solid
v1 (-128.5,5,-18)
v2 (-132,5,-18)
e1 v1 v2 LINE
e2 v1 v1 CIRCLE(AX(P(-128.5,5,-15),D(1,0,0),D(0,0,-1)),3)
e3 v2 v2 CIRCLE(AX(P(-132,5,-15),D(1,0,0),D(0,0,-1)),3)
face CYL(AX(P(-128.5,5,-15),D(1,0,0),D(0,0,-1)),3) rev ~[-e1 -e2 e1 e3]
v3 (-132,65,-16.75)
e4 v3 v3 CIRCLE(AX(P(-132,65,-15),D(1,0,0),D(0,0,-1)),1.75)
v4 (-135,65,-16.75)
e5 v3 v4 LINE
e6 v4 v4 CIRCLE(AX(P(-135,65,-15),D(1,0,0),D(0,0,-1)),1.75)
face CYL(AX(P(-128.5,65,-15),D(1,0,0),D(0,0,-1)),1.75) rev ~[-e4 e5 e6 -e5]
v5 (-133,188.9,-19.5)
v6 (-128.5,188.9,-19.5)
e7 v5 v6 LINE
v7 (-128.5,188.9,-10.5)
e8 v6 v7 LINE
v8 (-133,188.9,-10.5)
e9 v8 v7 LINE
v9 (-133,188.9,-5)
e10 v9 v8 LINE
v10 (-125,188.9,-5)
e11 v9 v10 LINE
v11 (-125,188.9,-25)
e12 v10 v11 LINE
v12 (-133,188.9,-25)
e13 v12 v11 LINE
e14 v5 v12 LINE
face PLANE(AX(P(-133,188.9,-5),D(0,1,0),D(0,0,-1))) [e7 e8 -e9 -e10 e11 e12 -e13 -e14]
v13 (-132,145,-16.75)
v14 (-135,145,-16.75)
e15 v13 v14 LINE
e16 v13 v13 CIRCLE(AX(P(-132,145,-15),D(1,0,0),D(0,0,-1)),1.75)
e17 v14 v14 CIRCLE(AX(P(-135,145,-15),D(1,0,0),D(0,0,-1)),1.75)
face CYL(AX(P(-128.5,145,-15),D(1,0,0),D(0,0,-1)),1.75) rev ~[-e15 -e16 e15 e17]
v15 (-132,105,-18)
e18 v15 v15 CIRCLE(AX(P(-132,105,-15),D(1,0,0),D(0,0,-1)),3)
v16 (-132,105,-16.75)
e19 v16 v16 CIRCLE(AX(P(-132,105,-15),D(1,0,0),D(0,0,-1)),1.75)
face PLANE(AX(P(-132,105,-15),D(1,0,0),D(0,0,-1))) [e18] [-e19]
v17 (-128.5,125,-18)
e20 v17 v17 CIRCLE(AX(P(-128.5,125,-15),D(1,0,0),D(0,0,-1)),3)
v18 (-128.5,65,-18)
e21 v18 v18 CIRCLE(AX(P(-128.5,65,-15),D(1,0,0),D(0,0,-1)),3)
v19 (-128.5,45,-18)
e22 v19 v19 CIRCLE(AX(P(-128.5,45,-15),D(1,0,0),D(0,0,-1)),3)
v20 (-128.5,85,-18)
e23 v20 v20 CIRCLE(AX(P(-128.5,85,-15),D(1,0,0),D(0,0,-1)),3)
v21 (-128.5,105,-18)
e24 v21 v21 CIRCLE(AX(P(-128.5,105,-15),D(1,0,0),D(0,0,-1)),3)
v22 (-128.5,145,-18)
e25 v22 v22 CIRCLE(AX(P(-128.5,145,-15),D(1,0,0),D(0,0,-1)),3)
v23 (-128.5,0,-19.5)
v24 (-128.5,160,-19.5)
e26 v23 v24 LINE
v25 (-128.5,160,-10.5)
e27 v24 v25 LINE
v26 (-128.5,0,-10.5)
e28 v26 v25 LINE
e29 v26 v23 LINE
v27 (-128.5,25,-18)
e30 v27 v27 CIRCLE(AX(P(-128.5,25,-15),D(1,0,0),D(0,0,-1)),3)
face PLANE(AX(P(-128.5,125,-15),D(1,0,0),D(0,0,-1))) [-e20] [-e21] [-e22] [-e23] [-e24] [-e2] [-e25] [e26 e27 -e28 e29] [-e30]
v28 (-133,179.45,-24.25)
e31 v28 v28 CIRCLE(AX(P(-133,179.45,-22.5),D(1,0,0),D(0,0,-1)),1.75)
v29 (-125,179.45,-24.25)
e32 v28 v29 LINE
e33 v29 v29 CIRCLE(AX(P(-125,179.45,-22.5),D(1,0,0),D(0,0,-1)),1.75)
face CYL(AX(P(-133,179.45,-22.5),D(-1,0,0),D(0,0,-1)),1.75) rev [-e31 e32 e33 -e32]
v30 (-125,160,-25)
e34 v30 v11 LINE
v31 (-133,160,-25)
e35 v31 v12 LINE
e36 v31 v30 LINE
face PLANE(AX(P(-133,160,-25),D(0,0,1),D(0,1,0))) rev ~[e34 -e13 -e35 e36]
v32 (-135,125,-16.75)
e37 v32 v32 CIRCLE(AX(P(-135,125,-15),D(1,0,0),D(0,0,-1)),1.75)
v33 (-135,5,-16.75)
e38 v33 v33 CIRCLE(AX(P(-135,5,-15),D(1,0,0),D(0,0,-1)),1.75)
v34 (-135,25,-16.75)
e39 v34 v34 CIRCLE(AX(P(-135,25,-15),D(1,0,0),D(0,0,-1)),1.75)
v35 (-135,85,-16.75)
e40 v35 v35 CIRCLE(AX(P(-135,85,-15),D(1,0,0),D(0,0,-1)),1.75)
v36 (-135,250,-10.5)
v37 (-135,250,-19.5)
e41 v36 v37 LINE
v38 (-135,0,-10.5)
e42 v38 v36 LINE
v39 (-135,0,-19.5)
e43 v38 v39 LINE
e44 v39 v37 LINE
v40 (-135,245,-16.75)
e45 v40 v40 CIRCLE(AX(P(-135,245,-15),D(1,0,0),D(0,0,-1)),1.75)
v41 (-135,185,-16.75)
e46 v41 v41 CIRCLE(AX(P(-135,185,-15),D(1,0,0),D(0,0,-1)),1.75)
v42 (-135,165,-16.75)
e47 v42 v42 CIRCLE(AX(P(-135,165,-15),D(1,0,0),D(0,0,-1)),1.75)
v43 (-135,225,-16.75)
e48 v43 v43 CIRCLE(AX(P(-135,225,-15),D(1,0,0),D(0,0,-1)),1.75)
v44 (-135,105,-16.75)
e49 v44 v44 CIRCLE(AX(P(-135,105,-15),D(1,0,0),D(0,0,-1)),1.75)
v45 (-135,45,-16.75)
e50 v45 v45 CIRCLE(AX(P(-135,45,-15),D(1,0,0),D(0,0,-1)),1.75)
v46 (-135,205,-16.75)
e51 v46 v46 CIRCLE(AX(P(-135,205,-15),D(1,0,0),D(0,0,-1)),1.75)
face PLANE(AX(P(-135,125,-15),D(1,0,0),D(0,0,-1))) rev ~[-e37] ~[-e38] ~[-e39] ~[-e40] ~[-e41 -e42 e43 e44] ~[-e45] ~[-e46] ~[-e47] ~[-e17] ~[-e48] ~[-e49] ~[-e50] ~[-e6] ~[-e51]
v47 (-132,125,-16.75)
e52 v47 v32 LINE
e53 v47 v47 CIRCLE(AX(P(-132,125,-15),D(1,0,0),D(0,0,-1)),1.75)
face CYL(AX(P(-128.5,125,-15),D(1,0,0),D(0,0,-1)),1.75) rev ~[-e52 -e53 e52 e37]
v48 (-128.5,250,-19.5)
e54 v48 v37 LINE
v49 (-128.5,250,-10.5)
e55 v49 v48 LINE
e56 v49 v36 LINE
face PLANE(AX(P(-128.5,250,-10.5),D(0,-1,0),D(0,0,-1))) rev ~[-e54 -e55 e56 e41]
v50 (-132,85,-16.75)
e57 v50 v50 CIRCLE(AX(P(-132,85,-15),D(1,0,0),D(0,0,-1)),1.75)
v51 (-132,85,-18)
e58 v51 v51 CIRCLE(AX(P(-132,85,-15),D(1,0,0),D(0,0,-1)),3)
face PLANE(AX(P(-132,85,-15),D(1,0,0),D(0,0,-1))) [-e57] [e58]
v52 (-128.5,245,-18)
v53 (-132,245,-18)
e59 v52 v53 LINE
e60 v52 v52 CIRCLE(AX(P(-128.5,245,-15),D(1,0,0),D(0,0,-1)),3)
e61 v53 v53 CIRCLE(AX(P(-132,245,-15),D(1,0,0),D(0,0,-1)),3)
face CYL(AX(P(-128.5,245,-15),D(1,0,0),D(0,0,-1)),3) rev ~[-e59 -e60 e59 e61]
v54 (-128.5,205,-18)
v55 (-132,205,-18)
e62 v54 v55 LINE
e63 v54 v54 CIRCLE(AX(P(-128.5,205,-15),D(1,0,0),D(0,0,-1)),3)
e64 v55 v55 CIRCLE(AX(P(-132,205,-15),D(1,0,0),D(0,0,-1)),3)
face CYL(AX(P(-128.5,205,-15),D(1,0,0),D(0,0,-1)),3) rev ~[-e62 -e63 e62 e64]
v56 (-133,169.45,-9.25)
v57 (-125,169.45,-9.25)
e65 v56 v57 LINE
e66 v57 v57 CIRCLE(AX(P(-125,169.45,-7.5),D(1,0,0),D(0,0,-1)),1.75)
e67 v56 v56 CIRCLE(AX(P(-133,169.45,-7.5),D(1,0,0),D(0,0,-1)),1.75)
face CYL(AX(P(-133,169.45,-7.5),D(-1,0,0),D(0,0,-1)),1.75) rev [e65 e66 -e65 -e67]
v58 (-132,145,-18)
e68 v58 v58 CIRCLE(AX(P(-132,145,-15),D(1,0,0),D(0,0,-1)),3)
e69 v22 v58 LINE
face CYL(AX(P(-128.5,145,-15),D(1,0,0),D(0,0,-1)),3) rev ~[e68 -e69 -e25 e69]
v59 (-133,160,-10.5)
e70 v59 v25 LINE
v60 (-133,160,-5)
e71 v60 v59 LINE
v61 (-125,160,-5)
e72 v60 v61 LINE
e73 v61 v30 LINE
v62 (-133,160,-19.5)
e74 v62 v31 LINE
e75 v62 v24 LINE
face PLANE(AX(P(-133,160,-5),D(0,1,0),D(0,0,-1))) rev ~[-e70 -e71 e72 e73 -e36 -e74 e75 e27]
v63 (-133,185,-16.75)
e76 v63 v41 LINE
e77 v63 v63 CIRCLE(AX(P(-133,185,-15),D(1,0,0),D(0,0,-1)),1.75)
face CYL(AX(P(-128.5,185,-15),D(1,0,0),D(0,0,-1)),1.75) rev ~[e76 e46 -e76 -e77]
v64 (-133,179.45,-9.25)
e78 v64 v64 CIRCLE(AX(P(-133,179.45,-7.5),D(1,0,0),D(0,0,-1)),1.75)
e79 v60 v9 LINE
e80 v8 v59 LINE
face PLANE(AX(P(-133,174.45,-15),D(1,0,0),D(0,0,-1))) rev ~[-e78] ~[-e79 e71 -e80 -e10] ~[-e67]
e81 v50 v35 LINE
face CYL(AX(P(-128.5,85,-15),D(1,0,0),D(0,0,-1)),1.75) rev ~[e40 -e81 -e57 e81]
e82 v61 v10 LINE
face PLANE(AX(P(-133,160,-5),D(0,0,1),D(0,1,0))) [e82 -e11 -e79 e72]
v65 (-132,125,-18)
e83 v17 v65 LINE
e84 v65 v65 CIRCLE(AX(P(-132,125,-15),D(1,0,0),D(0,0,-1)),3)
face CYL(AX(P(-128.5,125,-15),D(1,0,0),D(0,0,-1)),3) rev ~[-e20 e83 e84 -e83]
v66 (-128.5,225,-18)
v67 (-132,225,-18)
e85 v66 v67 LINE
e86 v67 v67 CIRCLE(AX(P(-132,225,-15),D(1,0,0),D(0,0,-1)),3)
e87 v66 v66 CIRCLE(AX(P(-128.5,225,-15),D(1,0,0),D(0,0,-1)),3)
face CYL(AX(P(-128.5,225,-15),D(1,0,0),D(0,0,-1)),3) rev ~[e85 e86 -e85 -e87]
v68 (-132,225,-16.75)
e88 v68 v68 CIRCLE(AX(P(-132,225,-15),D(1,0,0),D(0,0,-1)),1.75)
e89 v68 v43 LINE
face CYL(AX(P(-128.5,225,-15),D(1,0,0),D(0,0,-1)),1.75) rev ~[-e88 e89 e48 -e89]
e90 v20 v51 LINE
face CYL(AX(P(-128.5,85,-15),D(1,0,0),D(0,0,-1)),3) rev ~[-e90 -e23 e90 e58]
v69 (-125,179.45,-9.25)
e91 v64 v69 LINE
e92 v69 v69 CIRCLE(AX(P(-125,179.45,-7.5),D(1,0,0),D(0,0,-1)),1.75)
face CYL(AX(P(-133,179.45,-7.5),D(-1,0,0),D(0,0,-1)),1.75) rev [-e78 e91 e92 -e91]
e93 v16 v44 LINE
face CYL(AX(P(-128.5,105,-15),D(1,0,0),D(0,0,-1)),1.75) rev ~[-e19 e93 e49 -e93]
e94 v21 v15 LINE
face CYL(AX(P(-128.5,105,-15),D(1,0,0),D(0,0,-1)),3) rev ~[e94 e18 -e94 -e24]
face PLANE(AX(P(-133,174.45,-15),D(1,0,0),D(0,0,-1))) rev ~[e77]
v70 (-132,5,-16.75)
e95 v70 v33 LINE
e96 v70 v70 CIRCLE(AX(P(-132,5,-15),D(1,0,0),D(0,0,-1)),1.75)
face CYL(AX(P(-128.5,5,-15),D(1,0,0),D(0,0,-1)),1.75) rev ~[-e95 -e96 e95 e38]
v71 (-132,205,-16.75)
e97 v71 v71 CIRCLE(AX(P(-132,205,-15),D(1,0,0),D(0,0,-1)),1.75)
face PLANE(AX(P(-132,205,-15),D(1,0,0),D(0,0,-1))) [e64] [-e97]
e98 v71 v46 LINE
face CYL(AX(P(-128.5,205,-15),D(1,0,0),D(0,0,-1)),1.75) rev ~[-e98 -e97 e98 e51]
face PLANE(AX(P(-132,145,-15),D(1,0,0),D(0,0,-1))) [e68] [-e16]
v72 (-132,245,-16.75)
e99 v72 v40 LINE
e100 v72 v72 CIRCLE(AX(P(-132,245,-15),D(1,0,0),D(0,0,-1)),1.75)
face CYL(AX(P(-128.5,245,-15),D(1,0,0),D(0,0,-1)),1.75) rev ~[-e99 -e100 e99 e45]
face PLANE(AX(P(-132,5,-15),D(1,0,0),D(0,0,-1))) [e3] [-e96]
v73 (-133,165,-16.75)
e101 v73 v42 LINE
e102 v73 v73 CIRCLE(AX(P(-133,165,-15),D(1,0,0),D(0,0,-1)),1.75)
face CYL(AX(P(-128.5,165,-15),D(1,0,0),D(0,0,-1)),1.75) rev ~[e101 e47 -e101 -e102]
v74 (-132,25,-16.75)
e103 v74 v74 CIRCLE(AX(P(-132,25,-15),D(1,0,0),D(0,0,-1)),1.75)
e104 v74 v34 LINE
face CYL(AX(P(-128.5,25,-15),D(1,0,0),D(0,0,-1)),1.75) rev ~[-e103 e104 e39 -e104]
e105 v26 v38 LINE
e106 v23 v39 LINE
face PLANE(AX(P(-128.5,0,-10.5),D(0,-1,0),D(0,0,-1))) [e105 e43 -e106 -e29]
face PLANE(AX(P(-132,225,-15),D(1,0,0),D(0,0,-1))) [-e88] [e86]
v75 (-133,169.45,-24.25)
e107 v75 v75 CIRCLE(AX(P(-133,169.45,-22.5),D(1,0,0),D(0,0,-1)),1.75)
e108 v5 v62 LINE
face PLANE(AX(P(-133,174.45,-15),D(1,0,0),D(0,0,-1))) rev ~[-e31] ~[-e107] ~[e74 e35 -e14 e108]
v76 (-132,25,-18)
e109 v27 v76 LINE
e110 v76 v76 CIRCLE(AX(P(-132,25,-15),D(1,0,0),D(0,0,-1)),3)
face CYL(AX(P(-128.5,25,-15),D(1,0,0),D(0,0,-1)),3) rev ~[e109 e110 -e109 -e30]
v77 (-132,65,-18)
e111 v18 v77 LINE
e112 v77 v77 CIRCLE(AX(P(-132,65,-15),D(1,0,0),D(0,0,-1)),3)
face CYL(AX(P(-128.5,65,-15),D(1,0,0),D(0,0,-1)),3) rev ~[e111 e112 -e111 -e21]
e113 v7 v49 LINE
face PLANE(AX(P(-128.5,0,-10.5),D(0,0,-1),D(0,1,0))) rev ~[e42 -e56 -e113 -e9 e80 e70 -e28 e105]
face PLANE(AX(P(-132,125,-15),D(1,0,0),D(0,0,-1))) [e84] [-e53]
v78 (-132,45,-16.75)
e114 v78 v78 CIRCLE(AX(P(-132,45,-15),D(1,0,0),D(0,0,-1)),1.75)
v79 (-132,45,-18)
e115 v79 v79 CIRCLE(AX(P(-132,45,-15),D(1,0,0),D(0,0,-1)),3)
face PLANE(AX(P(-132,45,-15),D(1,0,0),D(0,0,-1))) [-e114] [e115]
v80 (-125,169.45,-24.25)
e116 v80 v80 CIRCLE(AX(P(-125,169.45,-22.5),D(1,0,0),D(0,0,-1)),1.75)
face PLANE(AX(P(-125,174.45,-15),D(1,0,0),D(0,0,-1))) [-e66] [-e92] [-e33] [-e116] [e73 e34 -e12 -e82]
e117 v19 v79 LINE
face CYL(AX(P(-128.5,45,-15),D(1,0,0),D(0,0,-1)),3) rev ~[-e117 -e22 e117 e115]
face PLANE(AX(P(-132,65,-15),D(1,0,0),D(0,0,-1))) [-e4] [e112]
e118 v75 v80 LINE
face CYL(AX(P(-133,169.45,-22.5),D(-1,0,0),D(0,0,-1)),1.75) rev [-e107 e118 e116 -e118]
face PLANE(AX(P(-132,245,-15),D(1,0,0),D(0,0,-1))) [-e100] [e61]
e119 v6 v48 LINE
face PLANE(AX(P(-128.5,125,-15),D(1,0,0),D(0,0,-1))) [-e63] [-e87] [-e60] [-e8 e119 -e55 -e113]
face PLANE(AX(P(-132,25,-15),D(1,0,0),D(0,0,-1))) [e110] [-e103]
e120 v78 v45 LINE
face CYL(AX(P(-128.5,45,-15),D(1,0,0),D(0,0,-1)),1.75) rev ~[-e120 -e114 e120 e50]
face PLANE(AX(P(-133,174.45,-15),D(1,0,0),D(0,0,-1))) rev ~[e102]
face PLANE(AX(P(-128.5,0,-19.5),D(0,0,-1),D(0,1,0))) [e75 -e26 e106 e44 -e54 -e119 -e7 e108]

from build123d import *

# Parameters (mm, degrees)
SKETCH030_W             = 9
SKETCH030_H             = 250
PAD016_DEPTH            = 6.5
SKETCH031_R             = 1.75
POCKET012_DEPTH         = 6.5
LINEARPATTERN007_COUNT  = 13
LINEARPATTERN007_PITCH  = 20
SKETCH032_R             = 3
POCKET013_DEPTH         = 3.5
LINEARPATTERN006_COUNT  = 13
LINEARPATTERN006_PITCH  = 20
SKETCH029_W             = 20
SKETCH029_H             = 28.9
SKETCH029_R             = 1.75
PAD017_DEPTH            = 8
BODY007_PLACEMENT_ANGLE = 90


with BuildPart() as part:
    # Sketch030 → Pad016 (new body)
    with BuildSketch(Plane.XY):
        with Locations((0, 125)):
            Rectangle(SKETCH030_W, SKETCH030_H)
    extrude(amount=-PAD016_DEPTH)

    # Sketch031 → Pocket012 (cut)
    with BuildSketch(Plane.XY):
        with Locations((0, 5)):
            Circle(SKETCH031_R)
    pocket012 = extrude(amount=-POCKET012_DEPTH, mode=Mode.SUBTRACT)

    # LinearPattern007: Pocket012 ×13
    with Locations(*[(0, i * LINEARPATTERN007_PITCH, 0) for i in range(1, LINEARPATTERN007_COUNT)]):
        add(pocket012, mode=Mode.SUBTRACT)

    # Sketch032 → Pocket013 (cut)
    with BuildSketch(Plane.XY):
        with Locations((0, 5)):
            Circle(SKETCH032_R)
    pocket013 = extrude(amount=-POCKET013_DEPTH, mode=Mode.SUBTRACT)

    # LinearPattern006: Pocket013 ×13
    with Locations(*[(0, i * LINEARPATTERN006_PITCH, 0) for i in range(1, LINEARPATTERN006_COUNT)]):
        add(pocket013, mode=Mode.SUBTRACT)

    # Sketch029 → Pad017 (join)
    with BuildSketch(Plane.XY.offset(-4.5)):
        with Locations((0, 174.45)):
            Rectangle(SKETCH029_W, SKETCH029_H)
        with Locations((-7.5, 179.45)):
            Circle(SKETCH029_R, mode=Mode.SUBTRACT)
        with Locations((7.5, 179.45)):
            Circle(SKETCH029_R, mode=Mode.SUBTRACT)
        with Locations((7.5, 169.45)):
            Circle(SKETCH029_R, mode=Mode.SUBTRACT)
        with Locations((-7.5, 169.45)):
            Circle(SKETCH029_R, mode=Mode.SUBTRACT)
    extrude(amount=PAD017_DEPTH)


with BuildPart() as part_1:
    # Body007 placement: moved
    add(part.part.moved(Location((-128.5, 0, -15))).rotate(Axis((-128.5, 0, -15), (0, 1, 0)), BODY007_PLACEMENT_ANGLE))


solid = part_1.part
